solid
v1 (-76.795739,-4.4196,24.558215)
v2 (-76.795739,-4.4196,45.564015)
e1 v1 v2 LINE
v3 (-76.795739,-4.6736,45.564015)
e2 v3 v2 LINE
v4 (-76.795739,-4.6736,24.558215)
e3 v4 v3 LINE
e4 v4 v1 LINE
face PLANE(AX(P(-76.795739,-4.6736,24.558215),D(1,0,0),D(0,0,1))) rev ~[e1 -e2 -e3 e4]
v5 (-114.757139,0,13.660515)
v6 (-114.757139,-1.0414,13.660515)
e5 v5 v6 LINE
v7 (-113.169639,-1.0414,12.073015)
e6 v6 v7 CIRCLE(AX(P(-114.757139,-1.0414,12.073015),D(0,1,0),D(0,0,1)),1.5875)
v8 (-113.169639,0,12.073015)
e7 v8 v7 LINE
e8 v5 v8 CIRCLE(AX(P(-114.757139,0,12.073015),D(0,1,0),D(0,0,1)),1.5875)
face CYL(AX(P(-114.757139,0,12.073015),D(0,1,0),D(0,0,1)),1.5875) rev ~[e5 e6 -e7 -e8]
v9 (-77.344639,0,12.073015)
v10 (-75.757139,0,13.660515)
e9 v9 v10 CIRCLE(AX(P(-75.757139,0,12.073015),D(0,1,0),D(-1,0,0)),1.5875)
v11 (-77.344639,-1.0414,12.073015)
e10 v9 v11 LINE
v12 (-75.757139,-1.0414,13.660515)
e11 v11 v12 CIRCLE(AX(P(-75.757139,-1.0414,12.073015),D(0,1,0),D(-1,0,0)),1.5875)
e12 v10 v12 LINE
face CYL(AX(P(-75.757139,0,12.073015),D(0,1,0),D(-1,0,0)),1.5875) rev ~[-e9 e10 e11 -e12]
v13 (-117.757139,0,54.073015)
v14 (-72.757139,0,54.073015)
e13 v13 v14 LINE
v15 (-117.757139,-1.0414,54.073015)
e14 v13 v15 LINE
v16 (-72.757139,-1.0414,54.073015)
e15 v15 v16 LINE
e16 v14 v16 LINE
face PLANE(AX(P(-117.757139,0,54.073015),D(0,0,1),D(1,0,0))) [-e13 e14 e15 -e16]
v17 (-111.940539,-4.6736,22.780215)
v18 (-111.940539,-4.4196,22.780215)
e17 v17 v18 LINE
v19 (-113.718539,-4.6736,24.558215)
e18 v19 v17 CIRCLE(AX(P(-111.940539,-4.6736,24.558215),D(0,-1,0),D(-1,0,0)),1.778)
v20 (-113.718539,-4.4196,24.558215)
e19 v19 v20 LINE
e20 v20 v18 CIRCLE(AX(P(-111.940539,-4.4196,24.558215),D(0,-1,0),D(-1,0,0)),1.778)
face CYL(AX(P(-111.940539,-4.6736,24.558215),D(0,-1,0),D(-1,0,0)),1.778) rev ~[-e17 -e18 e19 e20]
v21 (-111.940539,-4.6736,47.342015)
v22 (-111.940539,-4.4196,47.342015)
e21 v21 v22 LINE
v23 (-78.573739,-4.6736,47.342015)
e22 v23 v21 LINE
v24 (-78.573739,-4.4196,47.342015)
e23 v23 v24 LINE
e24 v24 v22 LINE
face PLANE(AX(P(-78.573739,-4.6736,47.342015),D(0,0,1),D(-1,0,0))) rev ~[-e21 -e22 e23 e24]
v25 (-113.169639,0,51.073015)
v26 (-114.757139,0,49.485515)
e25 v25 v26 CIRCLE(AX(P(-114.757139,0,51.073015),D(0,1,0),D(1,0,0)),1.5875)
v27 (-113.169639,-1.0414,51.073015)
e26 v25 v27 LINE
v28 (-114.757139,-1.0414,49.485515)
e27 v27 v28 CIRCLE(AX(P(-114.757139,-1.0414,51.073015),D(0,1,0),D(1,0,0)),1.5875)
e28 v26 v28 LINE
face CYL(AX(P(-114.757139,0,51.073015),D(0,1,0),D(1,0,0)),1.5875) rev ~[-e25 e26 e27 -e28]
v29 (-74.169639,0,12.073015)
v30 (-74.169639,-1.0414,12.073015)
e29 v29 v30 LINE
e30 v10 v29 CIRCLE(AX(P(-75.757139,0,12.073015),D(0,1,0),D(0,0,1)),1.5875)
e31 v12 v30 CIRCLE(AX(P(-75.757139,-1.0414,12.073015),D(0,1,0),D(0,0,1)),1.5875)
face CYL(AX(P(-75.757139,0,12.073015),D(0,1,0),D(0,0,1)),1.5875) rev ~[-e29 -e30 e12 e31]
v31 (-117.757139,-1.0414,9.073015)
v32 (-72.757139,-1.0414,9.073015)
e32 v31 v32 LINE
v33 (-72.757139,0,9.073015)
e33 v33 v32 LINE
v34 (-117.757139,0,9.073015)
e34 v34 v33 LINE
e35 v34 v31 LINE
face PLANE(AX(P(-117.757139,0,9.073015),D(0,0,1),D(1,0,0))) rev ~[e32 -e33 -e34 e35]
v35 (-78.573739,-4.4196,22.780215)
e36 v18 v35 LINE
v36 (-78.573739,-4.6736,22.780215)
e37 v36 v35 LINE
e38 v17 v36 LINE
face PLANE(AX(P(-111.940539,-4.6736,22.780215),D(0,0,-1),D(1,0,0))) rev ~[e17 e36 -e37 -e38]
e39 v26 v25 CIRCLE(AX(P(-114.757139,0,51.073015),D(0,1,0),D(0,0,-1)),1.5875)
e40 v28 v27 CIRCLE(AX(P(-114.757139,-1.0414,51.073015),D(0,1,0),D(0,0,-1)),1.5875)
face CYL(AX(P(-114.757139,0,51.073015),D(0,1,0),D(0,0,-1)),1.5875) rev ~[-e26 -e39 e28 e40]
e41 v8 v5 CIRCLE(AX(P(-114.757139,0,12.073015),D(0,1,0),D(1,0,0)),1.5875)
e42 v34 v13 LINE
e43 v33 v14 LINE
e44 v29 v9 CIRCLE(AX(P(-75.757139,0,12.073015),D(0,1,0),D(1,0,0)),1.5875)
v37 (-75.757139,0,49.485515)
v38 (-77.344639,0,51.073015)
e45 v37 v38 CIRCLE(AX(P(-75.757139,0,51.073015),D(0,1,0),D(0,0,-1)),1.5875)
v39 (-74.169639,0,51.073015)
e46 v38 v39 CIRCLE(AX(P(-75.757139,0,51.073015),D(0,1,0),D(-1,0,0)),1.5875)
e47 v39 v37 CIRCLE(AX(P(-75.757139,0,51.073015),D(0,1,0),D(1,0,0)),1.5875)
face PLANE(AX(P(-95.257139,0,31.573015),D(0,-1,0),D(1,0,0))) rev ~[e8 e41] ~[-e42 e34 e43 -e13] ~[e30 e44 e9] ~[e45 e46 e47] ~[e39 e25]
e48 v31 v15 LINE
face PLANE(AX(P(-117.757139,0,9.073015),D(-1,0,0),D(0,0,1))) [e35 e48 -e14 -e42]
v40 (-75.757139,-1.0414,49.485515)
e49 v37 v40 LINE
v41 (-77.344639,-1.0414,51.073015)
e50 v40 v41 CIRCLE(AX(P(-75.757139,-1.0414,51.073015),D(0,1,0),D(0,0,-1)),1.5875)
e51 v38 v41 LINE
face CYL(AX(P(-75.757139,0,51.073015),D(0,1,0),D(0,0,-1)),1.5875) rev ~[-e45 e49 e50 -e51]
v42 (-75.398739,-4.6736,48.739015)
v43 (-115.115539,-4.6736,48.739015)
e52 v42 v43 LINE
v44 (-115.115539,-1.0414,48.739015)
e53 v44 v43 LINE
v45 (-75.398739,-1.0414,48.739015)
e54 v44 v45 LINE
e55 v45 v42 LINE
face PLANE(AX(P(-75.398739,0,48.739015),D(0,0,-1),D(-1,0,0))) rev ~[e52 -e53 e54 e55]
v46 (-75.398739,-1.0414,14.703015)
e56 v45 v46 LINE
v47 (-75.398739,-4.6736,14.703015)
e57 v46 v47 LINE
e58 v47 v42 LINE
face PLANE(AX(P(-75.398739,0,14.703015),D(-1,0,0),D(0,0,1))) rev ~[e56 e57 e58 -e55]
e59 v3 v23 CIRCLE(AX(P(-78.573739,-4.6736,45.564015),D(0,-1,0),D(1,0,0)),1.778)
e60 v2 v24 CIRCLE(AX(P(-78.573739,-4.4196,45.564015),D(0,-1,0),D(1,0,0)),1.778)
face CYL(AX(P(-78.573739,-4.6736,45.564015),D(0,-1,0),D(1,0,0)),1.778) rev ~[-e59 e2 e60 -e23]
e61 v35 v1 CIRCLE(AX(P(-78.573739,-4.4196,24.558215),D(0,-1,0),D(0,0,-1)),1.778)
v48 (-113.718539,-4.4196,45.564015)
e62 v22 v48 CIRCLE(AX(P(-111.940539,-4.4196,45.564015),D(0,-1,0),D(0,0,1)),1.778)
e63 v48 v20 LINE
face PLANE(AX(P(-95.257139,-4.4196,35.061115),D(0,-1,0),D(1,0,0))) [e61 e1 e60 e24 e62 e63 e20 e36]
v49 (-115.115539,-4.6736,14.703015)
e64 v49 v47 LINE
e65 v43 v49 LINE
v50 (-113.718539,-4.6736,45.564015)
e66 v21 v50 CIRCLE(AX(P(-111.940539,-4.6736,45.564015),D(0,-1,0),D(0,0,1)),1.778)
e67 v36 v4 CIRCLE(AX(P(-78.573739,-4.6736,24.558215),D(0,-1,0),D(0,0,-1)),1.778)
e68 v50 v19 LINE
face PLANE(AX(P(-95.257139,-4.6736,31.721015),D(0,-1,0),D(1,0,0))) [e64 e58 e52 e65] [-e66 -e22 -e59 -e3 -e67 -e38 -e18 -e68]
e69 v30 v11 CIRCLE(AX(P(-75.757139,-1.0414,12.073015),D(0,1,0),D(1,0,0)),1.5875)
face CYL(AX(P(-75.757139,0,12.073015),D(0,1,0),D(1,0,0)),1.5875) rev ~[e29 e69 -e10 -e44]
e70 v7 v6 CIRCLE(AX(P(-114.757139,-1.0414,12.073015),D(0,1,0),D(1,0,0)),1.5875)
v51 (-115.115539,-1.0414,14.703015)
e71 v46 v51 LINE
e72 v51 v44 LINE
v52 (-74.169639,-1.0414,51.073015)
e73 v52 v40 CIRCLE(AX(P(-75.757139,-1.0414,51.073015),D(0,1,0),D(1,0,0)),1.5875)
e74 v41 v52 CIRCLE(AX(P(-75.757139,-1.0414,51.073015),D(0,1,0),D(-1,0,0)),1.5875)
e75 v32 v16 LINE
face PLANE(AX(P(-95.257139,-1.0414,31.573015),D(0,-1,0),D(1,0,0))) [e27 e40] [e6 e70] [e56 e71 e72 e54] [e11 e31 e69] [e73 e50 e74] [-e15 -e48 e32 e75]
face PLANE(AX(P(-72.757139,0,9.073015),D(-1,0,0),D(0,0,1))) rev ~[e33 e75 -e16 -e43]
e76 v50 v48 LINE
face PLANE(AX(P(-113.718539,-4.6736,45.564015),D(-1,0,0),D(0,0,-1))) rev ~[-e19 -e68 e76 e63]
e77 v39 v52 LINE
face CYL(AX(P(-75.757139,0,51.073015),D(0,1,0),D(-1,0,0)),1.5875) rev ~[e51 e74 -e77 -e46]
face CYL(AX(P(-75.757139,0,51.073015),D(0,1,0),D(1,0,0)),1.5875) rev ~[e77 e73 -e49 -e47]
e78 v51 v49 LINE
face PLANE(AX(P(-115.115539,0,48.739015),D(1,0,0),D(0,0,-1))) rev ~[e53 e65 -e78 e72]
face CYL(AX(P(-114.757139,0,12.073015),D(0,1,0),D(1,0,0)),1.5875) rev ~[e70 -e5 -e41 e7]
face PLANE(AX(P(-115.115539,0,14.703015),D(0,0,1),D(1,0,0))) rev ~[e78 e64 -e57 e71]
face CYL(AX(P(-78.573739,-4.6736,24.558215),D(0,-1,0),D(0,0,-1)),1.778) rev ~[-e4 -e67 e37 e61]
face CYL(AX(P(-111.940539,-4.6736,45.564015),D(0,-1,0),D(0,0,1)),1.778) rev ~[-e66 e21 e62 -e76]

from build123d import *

# Parameters (mm, degrees)
F0_W     = 45
F0_H     = 45
F1_DEPTH = 1.0414
F2_DEPTH = 4.6736
F4_DEPTH = 0.254


with BuildPart() as f1:
    # F0 (on Front) → F1 (new body)
    with BuildSketch(Plane.XZ):
        with Locations((-95.2571389369, 31.5730149047)):
            Rectangle(F0_W, F0_H)
        with BuildLine():
            ThreePointArc((-114.7571389369, 49.4855149047), (-115.879670952, 52.1955469198), (-113.1696389369, 51.0730149047))
            Line((-113.1696389369, 51.0730149047), (-77.3446389369, 51.0730149047))
            ThreePointArc((-77.3446389369, 51.0730149047), (-75.7571389369, 52.6605149047), (-74.1696389369, 51.0730149047))
            ThreePointArc((-74.1696389369, 51.0730149047), (-74.6346069217, 49.9504828895), (-75.7571389369, 49.4855149047))
            Line((-75.7571389369, 49.4855149047), (-75.7571389369, 48.7390149047))
            Line((-75.7571389369, 48.7390149047), (-75.3987389369, 48.7390149047))
            Line((-75.3987389369, 48.7390149047), (-75.3987389369, 14.7030149047))
            Line((-75.3987389369, 14.7030149047), (-75.7571389369, 14.7030149047))
            Line((-75.7571389369, 14.7030149047), (-75.7571389369, 13.6605149047))
            ThreePointArc((-75.7571389369, 13.6605149047), (-74.6346069217, 13.1955469198), (-74.1696389369, 12.0730149047))
            ThreePointArc((-74.1696389369, 12.0730149047), (-75.7571389369, 10.4855149047), (-77.3446389369, 12.0730149047))
            Line((-77.3446389369, 12.0730149047), (-113.1696389369, 12.0730149047))
            ThreePointArc((-113.1696389369, 12.0730149047), (-115.879670952, 10.9504828895), (-114.7571389369, 13.6605149047))
            Line((-114.7571389369, 13.6605149047), (-114.7571389369, 14.7030149047))
            Line((-114.7571389369, 14.7030149047), (-115.1155389369, 14.7030149047))
            Line((-115.1155389369, 14.7030149047), (-115.1155389369, 48.7390149047))
            Line((-115.1155389369, 48.7390149047), (-114.7571389369, 48.7390149047))
            Line((-114.7571389369, 48.7390149047), (-114.7571389369, 49.4855149047))
        make_face(mode=Mode.SUBTRACT)
        with BuildLine():
            Line((-77.3446389369, 51.0730149047), (-113.1696389369, 51.0730149047))
            ThreePointArc((-113.1696389369, 51.0730149047), (-113.6346069217, 49.9504828895), (-114.7571389369, 49.4855149047))
            Line((-114.7571389369, 49.4855149047), (-114.7571389369, 48.7390149047))
            Line((-114.7571389369, 48.7390149047), (-75.7571389369, 48.7390149047))
            Line((-75.7571389369, 48.7390149047), (-75.7571389369, 49.4855149047))
            ThreePointArc((-75.7571389369, 49.4855149047), (-76.879670952, 49.9504828895), (-77.3446389369, 51.0730149047))
        make_face()
        with BuildLine():
            Line((-75.7571389369, 14.7030149047), (-114.7571389369, 14.7030149047))
            Line((-114.7571389369, 14.7030149047), (-114.7571389369, 13.6605149047))
            ThreePointArc((-114.7571389369, 13.6605149047), (-113.6346069217, 13.1955469198), (-113.1696389369, 12.0730149047))
            Line((-113.1696389369, 12.0730149047), (-77.3446389369, 12.0730149047))
            ThreePointArc((-77.3446389369, 12.0730149047), (-76.879670952, 13.1955469198), (-75.7571389369, 13.6605149047))
            Line((-75.7571389369, 13.6605149047), (-75.7571389369, 14.7030149047))
        make_face()
    extrude(amount=F1_DEPTH)

    # F0 (on Front) → F2 (join)
    with BuildSketch(Plane.XZ):
        Polygon((-75.7571389369, 48.7390149047), (-114.7571389369, 48.7390149047), (-115.1155389369, 48.7390149047), (-115.1155389369, 14.7030149047), (-114.7571389369, 14.7030149047), (-75.7571389369, 14.7030149047), (-75.3987389369, 14.7030149047), (-75.3987389369, 48.7390149047), align=None)
    extrude(amount=F2_DEPTH)

    # F3 (on face) → F4 (cut)
    with BuildSketch(Plane.XZ.offset(4.6736)):
        with BuildLine():
            Line((-78.5737389369, 47.3420149047), (-111.9405389369, 47.3420149047))
            ThreePointArc((-111.9405389369, 47.3420149047), (-113.1977747938, 46.8212507616), (-113.7185389369, 45.5640149047))
            Line((-113.7185389369, 45.5640149047), (-113.7185389369, 24.5582149047))
            ThreePointArc((-113.7185389369, 24.5582149047), (-113.1977747938, 23.3009790477), (-111.9405389369, 22.7802149047))
            Line((-111.9405389369, 22.7802149047), (-78.5737389369, 22.7802149047))
            ThreePointArc((-78.5737389369, 22.7802149047), (-77.3165030799, 23.3009790477), (-76.7957389369, 24.5582149047))
            Line((-76.7957389369, 24.5582149047), (-76.7957389369, 45.5640149047))
            ThreePointArc((-76.7957389369, 45.5640149047), (-77.3165030799, 46.8212507616), (-78.5737389369, 47.3420149047))
        make_face()
    extrude(amount=-F4_DEPTH, mode=Mode.SUBTRACT)


solid = f1.part
